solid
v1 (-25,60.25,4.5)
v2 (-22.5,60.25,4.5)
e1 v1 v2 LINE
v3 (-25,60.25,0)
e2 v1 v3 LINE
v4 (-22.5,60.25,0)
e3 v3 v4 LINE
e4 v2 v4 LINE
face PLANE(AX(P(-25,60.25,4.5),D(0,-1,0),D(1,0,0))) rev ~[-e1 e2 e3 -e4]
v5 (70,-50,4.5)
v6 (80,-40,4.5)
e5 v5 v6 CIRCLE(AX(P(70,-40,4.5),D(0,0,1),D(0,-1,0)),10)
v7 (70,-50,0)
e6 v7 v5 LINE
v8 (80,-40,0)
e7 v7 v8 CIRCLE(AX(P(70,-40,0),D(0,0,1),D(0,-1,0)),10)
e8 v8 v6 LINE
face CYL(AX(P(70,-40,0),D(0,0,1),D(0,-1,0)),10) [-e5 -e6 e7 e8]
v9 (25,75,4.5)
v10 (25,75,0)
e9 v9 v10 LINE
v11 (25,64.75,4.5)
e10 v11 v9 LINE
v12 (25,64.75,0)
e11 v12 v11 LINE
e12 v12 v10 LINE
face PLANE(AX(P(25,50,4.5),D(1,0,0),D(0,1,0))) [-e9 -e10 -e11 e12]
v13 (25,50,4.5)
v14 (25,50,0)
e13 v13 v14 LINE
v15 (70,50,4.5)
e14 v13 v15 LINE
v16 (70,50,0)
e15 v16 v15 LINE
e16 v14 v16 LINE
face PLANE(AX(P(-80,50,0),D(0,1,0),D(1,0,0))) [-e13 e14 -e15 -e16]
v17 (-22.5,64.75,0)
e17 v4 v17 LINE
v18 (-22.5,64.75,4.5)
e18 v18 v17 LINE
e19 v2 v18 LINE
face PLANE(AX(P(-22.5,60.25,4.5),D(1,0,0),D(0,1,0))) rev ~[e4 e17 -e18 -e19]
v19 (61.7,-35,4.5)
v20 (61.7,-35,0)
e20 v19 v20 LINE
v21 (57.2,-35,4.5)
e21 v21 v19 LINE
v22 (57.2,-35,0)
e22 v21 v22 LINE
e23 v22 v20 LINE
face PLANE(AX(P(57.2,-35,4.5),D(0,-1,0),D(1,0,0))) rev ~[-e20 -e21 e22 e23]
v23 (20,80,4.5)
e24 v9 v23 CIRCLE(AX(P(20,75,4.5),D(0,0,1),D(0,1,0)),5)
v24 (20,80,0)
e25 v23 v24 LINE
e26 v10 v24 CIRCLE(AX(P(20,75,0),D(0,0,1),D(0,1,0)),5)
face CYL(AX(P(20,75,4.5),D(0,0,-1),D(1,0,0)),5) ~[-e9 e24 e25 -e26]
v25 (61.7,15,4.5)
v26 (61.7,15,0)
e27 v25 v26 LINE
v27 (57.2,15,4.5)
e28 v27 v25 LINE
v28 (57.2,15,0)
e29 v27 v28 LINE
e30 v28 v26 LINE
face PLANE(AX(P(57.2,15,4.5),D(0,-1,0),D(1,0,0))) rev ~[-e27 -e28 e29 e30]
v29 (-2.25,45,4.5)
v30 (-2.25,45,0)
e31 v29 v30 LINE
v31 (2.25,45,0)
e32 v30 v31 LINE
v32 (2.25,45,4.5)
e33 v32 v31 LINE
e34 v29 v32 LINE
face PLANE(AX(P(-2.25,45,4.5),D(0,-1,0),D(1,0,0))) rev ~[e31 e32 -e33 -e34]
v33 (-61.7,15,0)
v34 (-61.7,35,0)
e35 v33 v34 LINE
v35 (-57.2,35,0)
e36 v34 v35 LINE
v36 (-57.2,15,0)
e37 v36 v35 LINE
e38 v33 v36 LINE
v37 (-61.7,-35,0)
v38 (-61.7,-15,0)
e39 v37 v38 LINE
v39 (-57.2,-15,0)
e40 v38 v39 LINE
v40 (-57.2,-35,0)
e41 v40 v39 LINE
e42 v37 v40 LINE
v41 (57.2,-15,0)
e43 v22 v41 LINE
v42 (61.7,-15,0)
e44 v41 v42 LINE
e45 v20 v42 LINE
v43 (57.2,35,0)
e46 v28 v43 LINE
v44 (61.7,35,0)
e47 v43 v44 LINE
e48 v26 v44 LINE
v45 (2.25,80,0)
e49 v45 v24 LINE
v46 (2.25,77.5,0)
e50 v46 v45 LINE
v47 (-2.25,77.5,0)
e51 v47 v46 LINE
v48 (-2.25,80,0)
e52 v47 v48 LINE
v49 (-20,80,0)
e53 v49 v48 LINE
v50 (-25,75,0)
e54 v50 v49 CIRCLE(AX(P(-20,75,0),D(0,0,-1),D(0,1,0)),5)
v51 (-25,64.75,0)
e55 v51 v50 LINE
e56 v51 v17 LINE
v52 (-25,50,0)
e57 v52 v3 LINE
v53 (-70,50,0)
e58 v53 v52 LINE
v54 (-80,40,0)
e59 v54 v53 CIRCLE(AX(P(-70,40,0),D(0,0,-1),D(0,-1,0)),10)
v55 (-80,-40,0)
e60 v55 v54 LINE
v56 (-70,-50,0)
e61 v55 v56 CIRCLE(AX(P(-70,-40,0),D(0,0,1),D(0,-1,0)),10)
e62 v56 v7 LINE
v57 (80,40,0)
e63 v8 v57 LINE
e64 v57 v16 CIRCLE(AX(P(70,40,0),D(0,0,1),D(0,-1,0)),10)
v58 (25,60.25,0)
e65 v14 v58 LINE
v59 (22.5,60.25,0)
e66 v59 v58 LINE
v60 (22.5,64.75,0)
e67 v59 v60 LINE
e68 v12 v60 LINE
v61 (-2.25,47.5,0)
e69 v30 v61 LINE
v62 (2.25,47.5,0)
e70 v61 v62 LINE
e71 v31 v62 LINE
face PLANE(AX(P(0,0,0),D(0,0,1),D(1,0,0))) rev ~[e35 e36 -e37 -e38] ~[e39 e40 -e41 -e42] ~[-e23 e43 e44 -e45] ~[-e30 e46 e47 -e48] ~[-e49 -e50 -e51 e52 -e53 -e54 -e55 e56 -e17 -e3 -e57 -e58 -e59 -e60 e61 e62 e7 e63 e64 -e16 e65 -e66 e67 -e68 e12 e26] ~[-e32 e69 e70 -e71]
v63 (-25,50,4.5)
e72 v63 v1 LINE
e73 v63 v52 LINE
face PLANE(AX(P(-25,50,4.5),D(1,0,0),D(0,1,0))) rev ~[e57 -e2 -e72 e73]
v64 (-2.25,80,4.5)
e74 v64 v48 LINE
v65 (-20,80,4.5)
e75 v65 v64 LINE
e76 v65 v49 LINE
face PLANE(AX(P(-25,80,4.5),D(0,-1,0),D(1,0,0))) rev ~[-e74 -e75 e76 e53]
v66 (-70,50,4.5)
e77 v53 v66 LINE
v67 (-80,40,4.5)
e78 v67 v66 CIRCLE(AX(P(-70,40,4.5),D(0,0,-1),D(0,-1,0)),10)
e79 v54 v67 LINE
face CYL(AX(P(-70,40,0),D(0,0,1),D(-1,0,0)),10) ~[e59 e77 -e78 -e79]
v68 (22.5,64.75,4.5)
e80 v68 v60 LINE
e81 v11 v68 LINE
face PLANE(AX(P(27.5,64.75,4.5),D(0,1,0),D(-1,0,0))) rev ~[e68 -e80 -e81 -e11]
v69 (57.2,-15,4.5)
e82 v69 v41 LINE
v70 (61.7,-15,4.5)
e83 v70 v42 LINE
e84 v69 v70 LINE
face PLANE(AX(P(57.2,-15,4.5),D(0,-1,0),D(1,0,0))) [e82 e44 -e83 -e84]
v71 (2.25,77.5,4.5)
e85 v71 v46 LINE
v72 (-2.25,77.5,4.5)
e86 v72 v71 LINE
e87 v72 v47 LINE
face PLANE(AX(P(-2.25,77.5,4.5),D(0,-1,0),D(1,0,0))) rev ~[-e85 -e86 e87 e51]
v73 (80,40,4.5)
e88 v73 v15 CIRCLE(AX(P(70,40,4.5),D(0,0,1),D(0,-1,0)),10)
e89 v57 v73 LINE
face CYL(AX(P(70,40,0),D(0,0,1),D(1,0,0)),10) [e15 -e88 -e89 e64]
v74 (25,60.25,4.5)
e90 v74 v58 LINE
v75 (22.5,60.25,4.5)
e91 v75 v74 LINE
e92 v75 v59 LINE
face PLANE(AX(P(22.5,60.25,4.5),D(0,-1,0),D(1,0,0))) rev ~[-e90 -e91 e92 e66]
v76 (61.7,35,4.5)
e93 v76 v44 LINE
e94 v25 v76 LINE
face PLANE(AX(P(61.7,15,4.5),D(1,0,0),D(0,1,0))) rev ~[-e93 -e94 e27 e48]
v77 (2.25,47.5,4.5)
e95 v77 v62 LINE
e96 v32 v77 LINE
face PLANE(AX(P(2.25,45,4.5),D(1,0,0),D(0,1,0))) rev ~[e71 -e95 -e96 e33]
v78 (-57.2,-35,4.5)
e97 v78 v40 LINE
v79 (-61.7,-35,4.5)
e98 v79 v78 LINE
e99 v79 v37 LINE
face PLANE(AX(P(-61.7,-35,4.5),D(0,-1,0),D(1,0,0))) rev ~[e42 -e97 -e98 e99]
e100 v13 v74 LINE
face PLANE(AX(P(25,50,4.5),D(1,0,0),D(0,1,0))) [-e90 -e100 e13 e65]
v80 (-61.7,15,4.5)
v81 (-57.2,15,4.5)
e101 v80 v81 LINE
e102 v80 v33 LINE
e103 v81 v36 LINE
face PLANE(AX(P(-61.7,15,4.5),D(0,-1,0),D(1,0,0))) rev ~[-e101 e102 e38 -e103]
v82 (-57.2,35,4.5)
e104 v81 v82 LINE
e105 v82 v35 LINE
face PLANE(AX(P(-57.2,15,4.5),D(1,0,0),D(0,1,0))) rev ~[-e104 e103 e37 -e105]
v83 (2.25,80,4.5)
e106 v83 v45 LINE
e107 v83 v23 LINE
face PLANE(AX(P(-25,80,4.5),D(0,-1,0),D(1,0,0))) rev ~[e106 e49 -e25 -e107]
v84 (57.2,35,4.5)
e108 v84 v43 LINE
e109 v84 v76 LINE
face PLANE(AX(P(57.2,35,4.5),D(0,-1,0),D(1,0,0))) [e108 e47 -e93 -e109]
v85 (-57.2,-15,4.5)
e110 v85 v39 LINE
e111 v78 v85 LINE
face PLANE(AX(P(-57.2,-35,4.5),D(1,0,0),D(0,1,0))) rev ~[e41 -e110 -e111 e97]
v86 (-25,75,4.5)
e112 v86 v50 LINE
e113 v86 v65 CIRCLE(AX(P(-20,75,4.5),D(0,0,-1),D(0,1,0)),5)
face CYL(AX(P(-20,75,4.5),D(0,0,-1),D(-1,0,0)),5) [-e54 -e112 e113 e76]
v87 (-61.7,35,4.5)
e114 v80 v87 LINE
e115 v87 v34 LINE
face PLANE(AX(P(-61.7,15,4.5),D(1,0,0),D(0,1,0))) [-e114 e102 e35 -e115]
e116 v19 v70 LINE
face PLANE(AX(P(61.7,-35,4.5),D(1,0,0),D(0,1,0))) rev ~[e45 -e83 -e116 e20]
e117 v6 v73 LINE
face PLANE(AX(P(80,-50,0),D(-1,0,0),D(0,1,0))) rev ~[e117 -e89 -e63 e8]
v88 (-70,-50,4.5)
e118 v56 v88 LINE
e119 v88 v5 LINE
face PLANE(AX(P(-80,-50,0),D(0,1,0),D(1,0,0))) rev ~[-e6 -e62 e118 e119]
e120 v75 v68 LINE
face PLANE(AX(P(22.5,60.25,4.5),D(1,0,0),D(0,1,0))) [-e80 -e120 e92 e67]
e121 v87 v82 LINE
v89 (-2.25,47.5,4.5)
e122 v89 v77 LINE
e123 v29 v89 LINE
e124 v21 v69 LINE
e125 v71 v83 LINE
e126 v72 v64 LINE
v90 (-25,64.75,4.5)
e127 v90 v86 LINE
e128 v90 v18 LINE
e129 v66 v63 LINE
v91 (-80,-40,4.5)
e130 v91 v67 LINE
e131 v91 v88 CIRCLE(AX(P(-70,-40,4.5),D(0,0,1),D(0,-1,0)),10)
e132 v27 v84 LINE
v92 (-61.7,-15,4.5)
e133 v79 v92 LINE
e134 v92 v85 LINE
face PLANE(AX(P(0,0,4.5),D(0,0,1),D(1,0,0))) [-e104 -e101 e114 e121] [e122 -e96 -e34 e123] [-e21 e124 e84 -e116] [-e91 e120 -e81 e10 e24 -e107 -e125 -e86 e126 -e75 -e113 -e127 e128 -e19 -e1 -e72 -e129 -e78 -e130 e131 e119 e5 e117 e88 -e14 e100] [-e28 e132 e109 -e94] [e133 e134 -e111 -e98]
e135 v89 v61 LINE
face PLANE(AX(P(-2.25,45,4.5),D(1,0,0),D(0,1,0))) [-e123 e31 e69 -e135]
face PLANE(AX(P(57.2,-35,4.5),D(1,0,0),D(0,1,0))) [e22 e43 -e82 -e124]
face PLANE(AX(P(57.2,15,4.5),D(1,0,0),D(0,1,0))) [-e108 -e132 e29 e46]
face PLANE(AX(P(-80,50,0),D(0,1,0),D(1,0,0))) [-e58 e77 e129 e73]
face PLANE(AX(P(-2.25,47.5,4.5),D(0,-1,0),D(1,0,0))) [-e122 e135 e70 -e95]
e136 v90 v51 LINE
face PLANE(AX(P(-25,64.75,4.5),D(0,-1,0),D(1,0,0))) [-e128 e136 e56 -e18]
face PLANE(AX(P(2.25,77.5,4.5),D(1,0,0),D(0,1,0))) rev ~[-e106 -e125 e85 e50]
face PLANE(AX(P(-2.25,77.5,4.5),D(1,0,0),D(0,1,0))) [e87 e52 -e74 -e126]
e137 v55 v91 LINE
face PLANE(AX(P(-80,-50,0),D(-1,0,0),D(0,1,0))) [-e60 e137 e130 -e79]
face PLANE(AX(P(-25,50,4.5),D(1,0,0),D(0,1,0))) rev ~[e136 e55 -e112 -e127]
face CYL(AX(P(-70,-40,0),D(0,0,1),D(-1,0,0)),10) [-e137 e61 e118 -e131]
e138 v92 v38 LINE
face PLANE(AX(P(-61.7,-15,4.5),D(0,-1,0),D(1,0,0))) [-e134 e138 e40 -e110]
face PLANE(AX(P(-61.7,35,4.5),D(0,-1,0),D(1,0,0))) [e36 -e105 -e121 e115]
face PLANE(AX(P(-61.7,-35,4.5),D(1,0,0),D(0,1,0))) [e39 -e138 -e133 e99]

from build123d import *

# Parameters (mm, degrees)
SKETCH1_W           = 160
SKETCH1_H           = 100
BOSS_EXTRUDE1_DEPTH = 4.5
FILLET1_R           = 10
SKETCH2_W           = 4.5
SKETCH2_H           = 20
CUT_EXTRUDE1_DEPTH  = 5
SKETCH3_W           = 50
SKETCH3_H           = 30
BOSS_EXTRUDE2_DEPTH = 4.5
FILLET2_R           = 5
SKETCH4_W           = 4.5
SKETCH4_H           = 2.5
SKETCH4_W_2         = 2.5
SKETCH4_H_2         = 4.5
CUT_EXTRUDE2_DEPTH  = 4.5


with BuildPart() as part:
    # Sketch1 → Boss-Extrude1 (new body)
    with BuildSketch(Plane.XY):
        Rectangle(SKETCH1_W, SKETCH1_H)
    extrude(amount=BOSS_EXTRUDE1_DEPTH)

    # Fillet1
    fillet1_edges = [part.edges().sort_by_distance(p)[0] for p in [
        (80, -50, 2.25),
        (-80, -50, 2.25),
        (-80, 50, 2.25),
        (80, 50, 2.25),
    ]]
    fillet(fillet1_edges, radius=FILLET1_R)

    # Sketch2 → Cut-Extrude1 (cut)
    with BuildSketch(Plane.XY.offset(4.5)):
        with Locations((-59.45, 25)):
            Rectangle(SKETCH2_W, SKETCH2_H)
        with Locations((-59.45, -25)):
            Rectangle(SKETCH2_W, SKETCH2_H)
        with Locations((59.45, -25)):
            Rectangle(SKETCH2_W, SKETCH2_H)
        with Locations((59.45, 25)):
            Rectangle(SKETCH2_W, SKETCH2_H)
    extrude(amount=-CUT_EXTRUDE1_DEPTH, mode=Mode.SUBTRACT)

    # Sketch3 → Boss-Extrude2 (add)
    with BuildSketch(Plane.XY.offset(4.5)):
        with Locations((0, 65)):
            Rectangle(SKETCH3_W, SKETCH3_H)
    extrude(amount=-BOSS_EXTRUDE2_DEPTH)

    # Fillet2
    fillet2_edges = [part.edges().sort_by_distance(p)[0] for p in [
        (-25, 80, 2.25),
        (25, 80, 2.25),
    ]]
    fillet(fillet2_edges, radius=FILLET2_R)

    # Sketch4 → Cut-Extrude2 (cut)
    with BuildSketch(Plane.XY.offset(4.5)):
        with Locations((0, 78.75)):
            Rectangle(SKETCH4_W, SKETCH4_H)
        with Locations((26.25, 62.5)):
            Rectangle(SKETCH4_W_2, SKETCH4_H_2)
        with Locations((23.75, 62.5)):
            Rectangle(SKETCH4_W_2, SKETCH4_H_2)
        with Locations((-23.75, 62.5)):
            Rectangle(SKETCH4_W_2, SKETCH4_H_2)
        with Locations((0, 46.25)):
            Rectangle(SKETCH4_W, SKETCH4_H)
    extrude(amount=-CUT_EXTRUDE2_DEPTH, mode=Mode.SUBTRACT)


solid = part.part
